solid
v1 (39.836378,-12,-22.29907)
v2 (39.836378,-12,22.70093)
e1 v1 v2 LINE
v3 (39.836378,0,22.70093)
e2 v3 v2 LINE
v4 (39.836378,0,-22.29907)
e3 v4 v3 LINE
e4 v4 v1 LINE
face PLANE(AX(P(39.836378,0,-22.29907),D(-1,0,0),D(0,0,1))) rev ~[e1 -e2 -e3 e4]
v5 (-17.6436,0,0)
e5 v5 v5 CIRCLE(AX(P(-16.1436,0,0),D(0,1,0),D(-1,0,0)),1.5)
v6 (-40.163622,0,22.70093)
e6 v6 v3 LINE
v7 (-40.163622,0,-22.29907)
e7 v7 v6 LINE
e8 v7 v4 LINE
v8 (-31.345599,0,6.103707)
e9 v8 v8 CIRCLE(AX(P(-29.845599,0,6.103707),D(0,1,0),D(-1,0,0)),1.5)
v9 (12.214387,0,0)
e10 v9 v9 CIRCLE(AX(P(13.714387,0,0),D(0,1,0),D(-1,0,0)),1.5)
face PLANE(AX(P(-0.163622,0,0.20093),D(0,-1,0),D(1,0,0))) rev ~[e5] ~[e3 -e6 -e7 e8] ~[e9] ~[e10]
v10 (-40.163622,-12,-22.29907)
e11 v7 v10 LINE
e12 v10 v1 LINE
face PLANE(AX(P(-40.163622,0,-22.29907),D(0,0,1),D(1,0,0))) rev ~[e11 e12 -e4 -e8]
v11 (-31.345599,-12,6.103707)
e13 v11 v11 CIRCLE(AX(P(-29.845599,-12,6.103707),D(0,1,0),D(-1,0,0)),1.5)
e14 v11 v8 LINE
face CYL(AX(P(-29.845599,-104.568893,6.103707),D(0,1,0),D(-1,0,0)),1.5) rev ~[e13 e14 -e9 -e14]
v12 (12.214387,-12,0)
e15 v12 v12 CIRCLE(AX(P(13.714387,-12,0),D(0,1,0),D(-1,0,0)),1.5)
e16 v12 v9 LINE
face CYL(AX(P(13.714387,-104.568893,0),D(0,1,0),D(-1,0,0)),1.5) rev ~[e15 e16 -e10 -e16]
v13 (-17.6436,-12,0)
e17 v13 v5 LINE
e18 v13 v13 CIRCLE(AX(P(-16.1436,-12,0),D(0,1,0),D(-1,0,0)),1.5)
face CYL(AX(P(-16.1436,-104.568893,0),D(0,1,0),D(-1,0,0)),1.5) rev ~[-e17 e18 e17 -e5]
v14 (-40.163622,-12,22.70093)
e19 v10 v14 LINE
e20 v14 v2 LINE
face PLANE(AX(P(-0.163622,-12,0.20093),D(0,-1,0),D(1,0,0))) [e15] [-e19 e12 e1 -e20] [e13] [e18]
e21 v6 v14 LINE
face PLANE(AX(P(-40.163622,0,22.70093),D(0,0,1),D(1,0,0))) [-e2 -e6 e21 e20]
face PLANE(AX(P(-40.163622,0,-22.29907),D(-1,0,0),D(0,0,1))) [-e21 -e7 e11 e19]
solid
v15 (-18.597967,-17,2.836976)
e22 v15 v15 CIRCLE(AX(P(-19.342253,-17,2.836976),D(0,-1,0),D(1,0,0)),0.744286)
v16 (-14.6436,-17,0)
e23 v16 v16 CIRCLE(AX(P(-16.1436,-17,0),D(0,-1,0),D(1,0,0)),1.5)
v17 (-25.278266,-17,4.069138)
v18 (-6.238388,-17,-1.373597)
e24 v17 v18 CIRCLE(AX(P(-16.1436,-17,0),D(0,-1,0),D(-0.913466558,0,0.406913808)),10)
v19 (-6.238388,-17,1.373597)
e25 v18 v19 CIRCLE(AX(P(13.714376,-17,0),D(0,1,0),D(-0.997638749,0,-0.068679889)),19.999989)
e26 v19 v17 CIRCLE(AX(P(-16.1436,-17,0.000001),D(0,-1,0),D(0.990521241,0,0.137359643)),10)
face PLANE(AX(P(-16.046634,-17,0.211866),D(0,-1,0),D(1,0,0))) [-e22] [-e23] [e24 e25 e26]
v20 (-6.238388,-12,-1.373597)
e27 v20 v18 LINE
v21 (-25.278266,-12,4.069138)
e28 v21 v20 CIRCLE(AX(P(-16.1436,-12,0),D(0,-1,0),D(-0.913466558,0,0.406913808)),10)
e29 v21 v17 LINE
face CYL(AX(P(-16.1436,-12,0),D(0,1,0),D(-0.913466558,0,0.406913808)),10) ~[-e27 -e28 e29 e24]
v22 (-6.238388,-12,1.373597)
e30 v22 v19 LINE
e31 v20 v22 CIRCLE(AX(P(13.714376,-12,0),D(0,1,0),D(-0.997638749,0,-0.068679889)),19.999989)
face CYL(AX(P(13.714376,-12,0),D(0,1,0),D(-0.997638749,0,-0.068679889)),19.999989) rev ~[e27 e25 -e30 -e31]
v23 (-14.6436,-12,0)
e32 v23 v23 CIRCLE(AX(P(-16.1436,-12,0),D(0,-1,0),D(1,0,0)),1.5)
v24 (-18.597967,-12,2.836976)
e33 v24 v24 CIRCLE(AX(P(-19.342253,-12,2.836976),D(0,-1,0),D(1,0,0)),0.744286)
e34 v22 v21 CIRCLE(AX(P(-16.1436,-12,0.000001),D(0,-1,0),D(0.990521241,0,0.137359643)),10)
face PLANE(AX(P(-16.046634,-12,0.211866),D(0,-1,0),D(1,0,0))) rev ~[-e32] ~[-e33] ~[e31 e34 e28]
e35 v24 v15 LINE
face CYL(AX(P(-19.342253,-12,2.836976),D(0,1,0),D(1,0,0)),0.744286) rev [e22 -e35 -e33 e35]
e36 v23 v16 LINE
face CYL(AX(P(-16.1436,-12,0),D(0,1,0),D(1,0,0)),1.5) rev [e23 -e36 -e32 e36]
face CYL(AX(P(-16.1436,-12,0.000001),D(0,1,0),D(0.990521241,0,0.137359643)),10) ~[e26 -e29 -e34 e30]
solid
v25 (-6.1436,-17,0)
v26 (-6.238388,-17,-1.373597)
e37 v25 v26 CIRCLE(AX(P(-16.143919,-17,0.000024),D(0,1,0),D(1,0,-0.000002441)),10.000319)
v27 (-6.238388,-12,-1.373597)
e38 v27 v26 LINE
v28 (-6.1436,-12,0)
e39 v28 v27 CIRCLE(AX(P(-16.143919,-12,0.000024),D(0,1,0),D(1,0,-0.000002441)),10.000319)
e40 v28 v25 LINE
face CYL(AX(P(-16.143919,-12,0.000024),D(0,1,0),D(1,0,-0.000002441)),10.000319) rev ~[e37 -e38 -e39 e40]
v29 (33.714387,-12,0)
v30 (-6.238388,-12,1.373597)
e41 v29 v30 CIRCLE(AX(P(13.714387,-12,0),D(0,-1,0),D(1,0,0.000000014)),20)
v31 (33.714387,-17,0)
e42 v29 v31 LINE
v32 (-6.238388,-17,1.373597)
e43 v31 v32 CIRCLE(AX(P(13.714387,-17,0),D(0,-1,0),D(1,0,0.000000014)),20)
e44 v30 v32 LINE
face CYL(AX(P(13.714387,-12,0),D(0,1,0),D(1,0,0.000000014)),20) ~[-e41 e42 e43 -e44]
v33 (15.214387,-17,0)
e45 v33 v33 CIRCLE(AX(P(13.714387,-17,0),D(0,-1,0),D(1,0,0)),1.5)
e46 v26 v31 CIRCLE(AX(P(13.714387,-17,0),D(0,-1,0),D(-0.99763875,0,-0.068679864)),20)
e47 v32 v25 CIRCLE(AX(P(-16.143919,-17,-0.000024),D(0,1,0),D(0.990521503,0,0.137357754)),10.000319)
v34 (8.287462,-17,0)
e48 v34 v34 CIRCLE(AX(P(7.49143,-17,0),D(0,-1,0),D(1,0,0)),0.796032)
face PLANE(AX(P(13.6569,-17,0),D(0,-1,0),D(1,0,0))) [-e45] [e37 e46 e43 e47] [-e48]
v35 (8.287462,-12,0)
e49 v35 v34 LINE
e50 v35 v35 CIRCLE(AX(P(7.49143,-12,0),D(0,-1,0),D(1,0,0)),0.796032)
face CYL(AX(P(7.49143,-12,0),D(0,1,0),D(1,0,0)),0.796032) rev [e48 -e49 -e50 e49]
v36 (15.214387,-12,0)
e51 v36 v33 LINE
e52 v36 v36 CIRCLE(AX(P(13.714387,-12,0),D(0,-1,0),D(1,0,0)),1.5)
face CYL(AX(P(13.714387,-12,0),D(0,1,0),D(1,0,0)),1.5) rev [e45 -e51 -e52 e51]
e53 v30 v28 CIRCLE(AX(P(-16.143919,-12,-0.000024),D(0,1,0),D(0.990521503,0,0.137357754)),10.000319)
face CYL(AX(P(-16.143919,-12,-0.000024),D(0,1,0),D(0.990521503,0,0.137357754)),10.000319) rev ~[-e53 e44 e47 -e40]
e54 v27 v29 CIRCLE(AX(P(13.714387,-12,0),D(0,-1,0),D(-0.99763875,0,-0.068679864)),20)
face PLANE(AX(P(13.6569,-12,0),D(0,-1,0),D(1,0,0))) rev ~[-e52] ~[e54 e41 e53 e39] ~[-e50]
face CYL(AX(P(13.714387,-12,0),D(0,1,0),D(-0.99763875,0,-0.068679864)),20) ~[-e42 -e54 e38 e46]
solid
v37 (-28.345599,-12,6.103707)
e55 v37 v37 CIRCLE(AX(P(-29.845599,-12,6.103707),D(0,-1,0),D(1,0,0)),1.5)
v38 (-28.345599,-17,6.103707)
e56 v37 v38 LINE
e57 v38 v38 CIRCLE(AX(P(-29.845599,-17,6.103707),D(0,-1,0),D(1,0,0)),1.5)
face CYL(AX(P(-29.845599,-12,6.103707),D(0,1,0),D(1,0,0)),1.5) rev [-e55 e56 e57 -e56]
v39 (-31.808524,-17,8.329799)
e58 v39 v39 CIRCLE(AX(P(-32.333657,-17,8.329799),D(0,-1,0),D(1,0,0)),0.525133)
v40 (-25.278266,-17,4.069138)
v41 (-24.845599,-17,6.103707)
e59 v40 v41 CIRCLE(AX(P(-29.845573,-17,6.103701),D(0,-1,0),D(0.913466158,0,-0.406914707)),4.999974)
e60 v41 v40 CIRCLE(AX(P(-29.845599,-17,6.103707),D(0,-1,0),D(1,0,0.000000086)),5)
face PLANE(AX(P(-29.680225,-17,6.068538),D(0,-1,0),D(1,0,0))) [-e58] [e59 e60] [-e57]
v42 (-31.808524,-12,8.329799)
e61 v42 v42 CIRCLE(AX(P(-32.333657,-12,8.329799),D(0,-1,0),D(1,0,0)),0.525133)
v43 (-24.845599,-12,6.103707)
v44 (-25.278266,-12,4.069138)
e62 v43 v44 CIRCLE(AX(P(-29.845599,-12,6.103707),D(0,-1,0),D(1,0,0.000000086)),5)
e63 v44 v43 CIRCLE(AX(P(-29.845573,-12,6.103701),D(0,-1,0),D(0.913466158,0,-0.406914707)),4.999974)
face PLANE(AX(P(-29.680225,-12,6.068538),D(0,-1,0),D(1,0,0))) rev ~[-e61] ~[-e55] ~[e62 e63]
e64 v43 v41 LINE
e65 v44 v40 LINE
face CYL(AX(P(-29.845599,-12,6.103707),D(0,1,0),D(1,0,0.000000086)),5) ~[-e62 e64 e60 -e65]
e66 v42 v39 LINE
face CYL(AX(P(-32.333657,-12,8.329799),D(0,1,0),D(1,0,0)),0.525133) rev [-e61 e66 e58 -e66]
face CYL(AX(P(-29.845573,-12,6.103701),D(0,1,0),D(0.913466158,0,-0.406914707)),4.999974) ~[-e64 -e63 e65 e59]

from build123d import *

# Parameters (mm, degrees)
F0_W     = 80
F0_H     = 45
F1_DEPTH = 12
F2_R     = 0.796032
F2_R_2   = 1.5
F2_R_3   = 0.744286
F2_R_4   = 0.525133
F3_DEPTH = 5
F4_D     = 3
F5_D     = 3
F6_D     = 3


with BuildPart() as f1:
    # F0 (on Front) → F1 (new body)
    with BuildSketch(Plane.XZ):
        with Locations((-0.163622, 0.20093)):
            Rectangle(F0_W, F0_H)
    extrude(amount=F1_DEPTH)

    # F4 (through all)
    with Locations(Plane.XZ.offset(12)):
        with Locations((13.714387, 0)):
            Hole(F4_D / 2)

    # F5 (through all)
    with Locations(Plane.XZ.offset(12)):
        with Locations((-16.1436, 0)):
            Hole(F5_D / 2)

    # F6 (through all)
    with Locations(Plane.XZ.offset(12)):
        with Locations((-29.845599, 6.103707)):
            Hole(F6_D / 2)


with BuildPart() as f3:
    # F2 (on face) → F3 (new body)
    with BuildSketch(Plane.XZ.offset(12)):
        with BuildLine():
            ThreePointArc((-6.238388, -1.373597), (14.401591, -19.98819), (33.714387, 0))
            ThreePointArc((33.714387, 0), (14.401591, 19.98819), (-6.238388, 1.373597))
            ThreePointArc((-6.238388, 1.373597), (-6.167326, 0.688432), (-6.1436, 0))
            ThreePointArc((-6.1436, 0), (-6.167326, -0.688432), (-6.238388, -1.373597))
        make_face()
        with Locations((7.49143, 0)):
            Circle(F2_R, mode=Mode.SUBTRACT)
        with Locations((13.714387, 0)):
            Circle(F2_R_2, mode=Mode.SUBTRACT)
        with BuildLine():
            ThreePointArc((-6.238388, -1.373597), (-6.285613, 0), (-6.238388, 1.373597))
            ThreePointArc((-6.238388, 1.373597), (-14.741844, 9.901267), (-25.278266, 4.069138))
            ThreePointArc((-25.278266, 4.069138), (-18.892105, -9.61487), (-6.238388, -1.373597))
        make_face()
        with Locations((-16.1436, 0)):
            Circle(F2_R_2, mode=Mode.SUBTRACT)
        with Locations((-19.342253, 2.836976)):
            Circle(F2_R_3, mode=Mode.SUBTRACT)
        with BuildLine():
            ThreePointArc((-24.845599, 6.103707), (-34.736236, 7.14374), (-25.278266, 4.069138))
            ThreePointArc((-25.278266, 4.069138), (-24.954961, 5.063675), (-24.845599, 6.103707))
        make_face()
        with Locations((-32.333657, 8.329799)):
            Circle(F2_R_4, mode=Mode.SUBTRACT)
        with Locations((-29.845599, 6.103707)):
            Circle(F2_R_2, mode=Mode.SUBTRACT)
    extrude(amount=F3_DEPTH)


solid = Compound([f1.part, f3.part])
